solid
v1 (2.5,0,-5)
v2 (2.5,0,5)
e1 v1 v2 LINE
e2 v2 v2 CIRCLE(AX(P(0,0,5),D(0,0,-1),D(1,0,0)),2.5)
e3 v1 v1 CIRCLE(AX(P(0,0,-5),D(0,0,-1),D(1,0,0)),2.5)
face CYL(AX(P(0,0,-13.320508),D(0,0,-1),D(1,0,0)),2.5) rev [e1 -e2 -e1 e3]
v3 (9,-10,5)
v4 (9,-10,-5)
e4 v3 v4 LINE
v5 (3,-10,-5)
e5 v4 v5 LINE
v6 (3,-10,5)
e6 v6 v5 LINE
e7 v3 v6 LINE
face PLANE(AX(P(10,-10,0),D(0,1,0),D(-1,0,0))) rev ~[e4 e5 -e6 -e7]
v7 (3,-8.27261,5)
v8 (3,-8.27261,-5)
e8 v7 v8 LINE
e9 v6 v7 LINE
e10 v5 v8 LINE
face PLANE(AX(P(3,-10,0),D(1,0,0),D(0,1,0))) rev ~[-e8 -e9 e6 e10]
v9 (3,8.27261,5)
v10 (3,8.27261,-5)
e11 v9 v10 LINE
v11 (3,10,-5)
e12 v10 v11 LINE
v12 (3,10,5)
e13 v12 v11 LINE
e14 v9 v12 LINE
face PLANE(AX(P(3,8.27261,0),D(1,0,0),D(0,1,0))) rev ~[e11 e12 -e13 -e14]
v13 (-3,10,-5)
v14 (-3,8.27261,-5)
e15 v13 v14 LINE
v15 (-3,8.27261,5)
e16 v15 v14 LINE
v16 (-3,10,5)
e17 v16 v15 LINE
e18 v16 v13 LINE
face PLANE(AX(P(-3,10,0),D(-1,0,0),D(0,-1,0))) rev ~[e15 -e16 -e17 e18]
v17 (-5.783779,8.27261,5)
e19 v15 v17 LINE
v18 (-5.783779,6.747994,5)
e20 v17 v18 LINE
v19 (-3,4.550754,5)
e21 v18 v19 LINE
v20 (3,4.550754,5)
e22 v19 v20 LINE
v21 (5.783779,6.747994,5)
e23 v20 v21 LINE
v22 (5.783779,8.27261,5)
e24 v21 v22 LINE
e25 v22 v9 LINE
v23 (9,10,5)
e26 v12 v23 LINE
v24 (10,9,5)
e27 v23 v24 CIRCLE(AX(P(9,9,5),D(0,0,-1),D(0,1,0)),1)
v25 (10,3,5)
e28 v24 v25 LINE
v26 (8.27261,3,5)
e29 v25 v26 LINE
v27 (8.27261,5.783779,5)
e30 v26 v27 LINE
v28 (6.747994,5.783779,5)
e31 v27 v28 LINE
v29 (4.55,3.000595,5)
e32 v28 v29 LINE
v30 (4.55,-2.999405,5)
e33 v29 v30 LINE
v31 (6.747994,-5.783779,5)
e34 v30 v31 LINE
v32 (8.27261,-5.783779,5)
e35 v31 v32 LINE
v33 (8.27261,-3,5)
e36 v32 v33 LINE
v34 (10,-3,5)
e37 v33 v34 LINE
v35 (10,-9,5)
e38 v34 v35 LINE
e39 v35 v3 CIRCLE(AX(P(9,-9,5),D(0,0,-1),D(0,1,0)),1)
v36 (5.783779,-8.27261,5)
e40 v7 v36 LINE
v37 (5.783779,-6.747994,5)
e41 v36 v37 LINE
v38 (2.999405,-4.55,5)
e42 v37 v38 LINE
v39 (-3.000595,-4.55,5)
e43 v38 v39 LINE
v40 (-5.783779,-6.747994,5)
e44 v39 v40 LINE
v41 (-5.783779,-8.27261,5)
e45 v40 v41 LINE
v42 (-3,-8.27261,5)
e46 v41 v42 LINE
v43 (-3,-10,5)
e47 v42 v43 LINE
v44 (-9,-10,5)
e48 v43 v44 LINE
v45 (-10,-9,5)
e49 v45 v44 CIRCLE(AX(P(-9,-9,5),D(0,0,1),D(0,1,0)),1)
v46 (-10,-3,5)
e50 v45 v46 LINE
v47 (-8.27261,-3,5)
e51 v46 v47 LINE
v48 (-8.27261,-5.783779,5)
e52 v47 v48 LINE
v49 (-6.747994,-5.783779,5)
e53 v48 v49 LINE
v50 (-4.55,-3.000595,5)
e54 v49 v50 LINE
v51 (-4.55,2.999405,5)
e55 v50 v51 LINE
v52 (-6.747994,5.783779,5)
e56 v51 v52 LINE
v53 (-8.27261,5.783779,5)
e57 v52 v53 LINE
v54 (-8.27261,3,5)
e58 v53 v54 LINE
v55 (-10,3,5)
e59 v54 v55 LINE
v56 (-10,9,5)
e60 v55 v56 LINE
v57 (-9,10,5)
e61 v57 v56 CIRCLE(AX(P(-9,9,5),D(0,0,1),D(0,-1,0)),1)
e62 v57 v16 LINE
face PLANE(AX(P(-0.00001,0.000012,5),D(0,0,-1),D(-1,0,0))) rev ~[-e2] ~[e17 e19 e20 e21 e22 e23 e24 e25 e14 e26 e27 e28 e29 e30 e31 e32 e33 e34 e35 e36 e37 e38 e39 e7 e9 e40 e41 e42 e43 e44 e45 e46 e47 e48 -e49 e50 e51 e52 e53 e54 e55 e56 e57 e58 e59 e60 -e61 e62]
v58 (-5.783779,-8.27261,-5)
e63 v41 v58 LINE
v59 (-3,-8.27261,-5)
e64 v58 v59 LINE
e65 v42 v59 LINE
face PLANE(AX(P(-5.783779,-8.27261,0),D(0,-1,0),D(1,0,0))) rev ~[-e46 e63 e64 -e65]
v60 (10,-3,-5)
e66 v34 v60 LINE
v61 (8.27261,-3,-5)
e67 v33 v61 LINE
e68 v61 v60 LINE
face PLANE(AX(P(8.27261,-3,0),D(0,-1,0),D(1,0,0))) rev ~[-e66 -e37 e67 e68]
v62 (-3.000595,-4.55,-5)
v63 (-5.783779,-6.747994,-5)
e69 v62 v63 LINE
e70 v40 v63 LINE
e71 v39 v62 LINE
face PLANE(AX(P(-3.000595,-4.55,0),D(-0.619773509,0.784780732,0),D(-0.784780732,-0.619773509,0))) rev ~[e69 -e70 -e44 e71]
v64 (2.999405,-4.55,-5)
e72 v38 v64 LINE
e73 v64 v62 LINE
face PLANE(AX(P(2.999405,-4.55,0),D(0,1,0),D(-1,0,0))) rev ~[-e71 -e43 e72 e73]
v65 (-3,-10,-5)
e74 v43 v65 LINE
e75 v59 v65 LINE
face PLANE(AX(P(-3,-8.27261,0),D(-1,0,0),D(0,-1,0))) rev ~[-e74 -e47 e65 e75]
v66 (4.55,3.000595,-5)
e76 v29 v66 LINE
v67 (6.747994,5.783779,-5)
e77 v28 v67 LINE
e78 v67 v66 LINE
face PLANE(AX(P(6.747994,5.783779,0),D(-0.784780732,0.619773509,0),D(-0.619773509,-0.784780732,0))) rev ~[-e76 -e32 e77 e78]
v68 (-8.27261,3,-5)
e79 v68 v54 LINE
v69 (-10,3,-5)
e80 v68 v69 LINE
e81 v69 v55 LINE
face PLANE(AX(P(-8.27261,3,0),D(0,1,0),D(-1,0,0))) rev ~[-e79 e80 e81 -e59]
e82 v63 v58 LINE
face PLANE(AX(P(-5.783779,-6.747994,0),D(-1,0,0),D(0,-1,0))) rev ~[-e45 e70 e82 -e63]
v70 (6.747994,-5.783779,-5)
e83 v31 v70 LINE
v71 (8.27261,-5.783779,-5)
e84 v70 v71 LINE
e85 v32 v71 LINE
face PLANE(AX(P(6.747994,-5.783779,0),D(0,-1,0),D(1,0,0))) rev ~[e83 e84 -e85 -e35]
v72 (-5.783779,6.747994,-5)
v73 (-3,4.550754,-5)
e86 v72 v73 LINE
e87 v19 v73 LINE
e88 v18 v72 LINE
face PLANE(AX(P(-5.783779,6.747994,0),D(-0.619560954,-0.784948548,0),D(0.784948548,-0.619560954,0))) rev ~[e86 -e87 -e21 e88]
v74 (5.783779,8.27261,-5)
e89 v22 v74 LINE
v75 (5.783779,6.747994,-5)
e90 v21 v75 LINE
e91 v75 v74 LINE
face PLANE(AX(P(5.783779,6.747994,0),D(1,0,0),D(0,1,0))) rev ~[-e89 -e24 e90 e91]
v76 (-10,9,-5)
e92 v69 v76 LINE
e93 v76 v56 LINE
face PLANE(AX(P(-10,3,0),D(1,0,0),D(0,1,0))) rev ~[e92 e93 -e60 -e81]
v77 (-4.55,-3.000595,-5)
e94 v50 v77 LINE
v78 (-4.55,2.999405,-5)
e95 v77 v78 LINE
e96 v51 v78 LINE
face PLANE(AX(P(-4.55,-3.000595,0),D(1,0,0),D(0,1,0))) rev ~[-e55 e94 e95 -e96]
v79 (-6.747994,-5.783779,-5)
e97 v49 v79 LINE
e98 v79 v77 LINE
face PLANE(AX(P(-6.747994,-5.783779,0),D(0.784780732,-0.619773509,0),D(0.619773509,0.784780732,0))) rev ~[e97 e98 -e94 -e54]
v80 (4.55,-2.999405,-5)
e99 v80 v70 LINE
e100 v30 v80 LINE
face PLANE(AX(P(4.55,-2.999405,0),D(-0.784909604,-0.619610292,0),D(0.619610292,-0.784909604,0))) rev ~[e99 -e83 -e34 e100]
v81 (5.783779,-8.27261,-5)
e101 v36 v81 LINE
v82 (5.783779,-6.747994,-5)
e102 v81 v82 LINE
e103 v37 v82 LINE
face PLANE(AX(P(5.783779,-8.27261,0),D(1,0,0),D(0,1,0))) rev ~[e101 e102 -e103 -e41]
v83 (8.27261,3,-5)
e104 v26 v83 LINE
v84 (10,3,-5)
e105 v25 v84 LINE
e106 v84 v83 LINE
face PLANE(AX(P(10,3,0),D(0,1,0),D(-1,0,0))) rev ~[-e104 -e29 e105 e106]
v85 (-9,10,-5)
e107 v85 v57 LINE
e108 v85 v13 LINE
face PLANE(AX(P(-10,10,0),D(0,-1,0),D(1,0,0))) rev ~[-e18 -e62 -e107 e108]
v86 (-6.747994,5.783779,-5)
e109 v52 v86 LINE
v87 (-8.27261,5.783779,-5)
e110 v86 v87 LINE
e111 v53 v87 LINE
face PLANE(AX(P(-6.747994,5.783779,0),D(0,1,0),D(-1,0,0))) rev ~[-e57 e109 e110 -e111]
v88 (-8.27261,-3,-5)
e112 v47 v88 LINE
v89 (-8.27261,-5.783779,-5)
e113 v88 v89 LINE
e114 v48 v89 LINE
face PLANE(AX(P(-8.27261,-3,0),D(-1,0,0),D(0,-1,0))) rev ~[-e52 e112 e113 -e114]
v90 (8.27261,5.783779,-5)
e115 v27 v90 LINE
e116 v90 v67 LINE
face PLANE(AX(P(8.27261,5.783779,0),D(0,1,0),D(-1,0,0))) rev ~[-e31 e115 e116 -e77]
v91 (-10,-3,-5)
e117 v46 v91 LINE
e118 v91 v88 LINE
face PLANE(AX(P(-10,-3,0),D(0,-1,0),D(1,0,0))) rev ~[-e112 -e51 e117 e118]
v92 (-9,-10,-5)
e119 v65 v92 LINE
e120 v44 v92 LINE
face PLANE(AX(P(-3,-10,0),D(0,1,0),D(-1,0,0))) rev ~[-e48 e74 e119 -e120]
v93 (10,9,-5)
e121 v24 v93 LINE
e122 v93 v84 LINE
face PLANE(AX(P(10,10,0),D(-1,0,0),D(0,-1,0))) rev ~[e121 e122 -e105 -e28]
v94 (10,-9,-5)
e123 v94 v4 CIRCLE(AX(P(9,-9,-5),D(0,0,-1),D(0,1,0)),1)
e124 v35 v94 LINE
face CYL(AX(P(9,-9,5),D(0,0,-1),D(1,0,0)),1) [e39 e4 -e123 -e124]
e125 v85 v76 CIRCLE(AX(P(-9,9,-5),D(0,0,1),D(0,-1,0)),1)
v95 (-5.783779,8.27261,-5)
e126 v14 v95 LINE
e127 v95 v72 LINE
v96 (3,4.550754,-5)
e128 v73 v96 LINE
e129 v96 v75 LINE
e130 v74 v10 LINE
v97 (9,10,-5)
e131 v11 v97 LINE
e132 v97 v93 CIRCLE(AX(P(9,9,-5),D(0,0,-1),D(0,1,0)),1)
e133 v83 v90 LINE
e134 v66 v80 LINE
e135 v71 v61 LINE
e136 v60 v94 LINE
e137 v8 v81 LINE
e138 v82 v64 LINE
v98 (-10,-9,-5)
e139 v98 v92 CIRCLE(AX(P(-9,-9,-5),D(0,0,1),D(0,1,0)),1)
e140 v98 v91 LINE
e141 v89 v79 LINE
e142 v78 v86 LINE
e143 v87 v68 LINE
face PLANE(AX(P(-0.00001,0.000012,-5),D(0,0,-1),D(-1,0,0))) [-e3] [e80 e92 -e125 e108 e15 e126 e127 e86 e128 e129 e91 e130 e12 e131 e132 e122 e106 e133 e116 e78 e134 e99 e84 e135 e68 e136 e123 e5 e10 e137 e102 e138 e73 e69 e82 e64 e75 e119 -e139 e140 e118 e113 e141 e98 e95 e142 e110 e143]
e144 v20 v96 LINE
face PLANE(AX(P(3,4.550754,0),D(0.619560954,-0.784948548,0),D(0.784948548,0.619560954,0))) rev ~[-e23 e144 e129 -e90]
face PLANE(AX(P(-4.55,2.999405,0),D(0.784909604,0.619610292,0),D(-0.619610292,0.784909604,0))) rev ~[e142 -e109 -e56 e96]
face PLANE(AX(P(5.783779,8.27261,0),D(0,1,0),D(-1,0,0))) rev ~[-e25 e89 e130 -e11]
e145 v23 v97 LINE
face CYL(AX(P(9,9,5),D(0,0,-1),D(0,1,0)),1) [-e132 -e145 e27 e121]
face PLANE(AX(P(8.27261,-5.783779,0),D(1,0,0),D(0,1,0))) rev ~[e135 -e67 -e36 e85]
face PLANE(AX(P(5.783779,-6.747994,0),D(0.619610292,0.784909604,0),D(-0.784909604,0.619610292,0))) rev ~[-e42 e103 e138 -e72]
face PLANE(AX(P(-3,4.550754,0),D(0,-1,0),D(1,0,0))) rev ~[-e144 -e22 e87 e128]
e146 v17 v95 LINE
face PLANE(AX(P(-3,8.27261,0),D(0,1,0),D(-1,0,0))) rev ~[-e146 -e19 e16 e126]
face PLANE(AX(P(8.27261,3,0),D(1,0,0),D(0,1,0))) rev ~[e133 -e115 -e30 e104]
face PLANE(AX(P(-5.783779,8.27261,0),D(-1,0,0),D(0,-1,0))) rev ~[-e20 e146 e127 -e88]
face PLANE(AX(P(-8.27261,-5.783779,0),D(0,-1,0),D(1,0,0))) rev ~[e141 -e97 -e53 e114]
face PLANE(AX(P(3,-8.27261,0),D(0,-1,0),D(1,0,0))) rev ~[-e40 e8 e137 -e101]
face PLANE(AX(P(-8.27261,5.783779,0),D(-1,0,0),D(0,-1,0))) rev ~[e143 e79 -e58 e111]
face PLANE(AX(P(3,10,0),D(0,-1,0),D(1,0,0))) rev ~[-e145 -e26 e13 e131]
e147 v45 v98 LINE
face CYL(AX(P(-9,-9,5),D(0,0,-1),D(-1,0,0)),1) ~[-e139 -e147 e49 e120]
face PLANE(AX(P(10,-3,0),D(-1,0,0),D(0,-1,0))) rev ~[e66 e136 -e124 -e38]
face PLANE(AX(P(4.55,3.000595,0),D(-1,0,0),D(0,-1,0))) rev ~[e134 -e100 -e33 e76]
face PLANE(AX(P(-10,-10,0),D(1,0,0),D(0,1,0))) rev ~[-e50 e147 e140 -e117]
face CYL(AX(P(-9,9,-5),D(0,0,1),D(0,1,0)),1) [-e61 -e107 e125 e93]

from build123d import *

# Parameters (mm, degrees)
BOSS_EXTRUDE1_DEPTH     = 5
CUT_EXTRUDE1_DEPTH      = 18.320508076
CUT_EXTRUDE1_DEPTH_BACK = 18.320508076
SKETCH2_R               = 2.5
FILLET1_R               = 1


with BuildPart() as part:
    # Sketch1 → Boss-Extrude1 (new, symmetric)
    with BuildSketch(Plane.XY):
        Polygon((-10, 10), (-3, 10), (-3, 8.272610059), (-5.783778863, 8.272610059), (-5.783778863, 6.747994248), (-3, 4.550753814), (3, 4.550753814), (5.783778863, 6.747994248), (5.783778863, 8.272610059), (3, 8.272610059), (3, 10), (10, 10), (10, 3), (8.272610059, 3), (8.272610059, 5.783778863), (6.747994248, 5.783778863), (4.55, 3.000595152), (4.55, -2.999404848), (6.747994248, -5.783778863), (8.272610059, -5.783778863), (8.272610059, -3), (10, -3), (10, -10), (3, -10), (3, -8.272610059), (5.783778863, -8.272610059), (5.783778863, -6.747994248), (2.999404848, -4.55), (-3.000595152, -4.55), (-5.783778863, -6.747994248), (-5.783778863, -8.272610059), (-3, -8.272610059), (-3, -10), (-10, -10), (-10, -3), (-8.272610059, -3), (-8.272610059, -5.783778863), (-6.747994248, -5.783778863), (-4.55, -3.000595152), (-4.55, 2.999404848), (-6.747994248, 5.783778863), (-8.272610059, 5.783778863), (-8.272610059, 3), (-10, 3), align=None)
    extrude(amount=BOSS_EXTRUDE1_DEPTH, both=True)

    # Sketch2 → Cut-Extrude1 (cut, two sides: drawn at the far end of the back side and taken through both)
    with BuildSketch(Plane.XY.offset(5).offset(-CUT_EXTRUDE1_DEPTH_BACK)):
        Circle(SKETCH2_R)
    extrude(amount=CUT_EXTRUDE1_DEPTH + CUT_EXTRUDE1_DEPTH_BACK, mode=Mode.SUBTRACT)

    # Fillet1
    fillet1_edges = [part.edges().sort_by_distance(p)[0] for p in [
        (-10, 10, 0),
        (10, 10, 0),
        (10, -10, 0),
        (-10, -10, 0),
    ]]
    fillet(fillet1_edges, radius=FILLET1_R)


solid = part.part
